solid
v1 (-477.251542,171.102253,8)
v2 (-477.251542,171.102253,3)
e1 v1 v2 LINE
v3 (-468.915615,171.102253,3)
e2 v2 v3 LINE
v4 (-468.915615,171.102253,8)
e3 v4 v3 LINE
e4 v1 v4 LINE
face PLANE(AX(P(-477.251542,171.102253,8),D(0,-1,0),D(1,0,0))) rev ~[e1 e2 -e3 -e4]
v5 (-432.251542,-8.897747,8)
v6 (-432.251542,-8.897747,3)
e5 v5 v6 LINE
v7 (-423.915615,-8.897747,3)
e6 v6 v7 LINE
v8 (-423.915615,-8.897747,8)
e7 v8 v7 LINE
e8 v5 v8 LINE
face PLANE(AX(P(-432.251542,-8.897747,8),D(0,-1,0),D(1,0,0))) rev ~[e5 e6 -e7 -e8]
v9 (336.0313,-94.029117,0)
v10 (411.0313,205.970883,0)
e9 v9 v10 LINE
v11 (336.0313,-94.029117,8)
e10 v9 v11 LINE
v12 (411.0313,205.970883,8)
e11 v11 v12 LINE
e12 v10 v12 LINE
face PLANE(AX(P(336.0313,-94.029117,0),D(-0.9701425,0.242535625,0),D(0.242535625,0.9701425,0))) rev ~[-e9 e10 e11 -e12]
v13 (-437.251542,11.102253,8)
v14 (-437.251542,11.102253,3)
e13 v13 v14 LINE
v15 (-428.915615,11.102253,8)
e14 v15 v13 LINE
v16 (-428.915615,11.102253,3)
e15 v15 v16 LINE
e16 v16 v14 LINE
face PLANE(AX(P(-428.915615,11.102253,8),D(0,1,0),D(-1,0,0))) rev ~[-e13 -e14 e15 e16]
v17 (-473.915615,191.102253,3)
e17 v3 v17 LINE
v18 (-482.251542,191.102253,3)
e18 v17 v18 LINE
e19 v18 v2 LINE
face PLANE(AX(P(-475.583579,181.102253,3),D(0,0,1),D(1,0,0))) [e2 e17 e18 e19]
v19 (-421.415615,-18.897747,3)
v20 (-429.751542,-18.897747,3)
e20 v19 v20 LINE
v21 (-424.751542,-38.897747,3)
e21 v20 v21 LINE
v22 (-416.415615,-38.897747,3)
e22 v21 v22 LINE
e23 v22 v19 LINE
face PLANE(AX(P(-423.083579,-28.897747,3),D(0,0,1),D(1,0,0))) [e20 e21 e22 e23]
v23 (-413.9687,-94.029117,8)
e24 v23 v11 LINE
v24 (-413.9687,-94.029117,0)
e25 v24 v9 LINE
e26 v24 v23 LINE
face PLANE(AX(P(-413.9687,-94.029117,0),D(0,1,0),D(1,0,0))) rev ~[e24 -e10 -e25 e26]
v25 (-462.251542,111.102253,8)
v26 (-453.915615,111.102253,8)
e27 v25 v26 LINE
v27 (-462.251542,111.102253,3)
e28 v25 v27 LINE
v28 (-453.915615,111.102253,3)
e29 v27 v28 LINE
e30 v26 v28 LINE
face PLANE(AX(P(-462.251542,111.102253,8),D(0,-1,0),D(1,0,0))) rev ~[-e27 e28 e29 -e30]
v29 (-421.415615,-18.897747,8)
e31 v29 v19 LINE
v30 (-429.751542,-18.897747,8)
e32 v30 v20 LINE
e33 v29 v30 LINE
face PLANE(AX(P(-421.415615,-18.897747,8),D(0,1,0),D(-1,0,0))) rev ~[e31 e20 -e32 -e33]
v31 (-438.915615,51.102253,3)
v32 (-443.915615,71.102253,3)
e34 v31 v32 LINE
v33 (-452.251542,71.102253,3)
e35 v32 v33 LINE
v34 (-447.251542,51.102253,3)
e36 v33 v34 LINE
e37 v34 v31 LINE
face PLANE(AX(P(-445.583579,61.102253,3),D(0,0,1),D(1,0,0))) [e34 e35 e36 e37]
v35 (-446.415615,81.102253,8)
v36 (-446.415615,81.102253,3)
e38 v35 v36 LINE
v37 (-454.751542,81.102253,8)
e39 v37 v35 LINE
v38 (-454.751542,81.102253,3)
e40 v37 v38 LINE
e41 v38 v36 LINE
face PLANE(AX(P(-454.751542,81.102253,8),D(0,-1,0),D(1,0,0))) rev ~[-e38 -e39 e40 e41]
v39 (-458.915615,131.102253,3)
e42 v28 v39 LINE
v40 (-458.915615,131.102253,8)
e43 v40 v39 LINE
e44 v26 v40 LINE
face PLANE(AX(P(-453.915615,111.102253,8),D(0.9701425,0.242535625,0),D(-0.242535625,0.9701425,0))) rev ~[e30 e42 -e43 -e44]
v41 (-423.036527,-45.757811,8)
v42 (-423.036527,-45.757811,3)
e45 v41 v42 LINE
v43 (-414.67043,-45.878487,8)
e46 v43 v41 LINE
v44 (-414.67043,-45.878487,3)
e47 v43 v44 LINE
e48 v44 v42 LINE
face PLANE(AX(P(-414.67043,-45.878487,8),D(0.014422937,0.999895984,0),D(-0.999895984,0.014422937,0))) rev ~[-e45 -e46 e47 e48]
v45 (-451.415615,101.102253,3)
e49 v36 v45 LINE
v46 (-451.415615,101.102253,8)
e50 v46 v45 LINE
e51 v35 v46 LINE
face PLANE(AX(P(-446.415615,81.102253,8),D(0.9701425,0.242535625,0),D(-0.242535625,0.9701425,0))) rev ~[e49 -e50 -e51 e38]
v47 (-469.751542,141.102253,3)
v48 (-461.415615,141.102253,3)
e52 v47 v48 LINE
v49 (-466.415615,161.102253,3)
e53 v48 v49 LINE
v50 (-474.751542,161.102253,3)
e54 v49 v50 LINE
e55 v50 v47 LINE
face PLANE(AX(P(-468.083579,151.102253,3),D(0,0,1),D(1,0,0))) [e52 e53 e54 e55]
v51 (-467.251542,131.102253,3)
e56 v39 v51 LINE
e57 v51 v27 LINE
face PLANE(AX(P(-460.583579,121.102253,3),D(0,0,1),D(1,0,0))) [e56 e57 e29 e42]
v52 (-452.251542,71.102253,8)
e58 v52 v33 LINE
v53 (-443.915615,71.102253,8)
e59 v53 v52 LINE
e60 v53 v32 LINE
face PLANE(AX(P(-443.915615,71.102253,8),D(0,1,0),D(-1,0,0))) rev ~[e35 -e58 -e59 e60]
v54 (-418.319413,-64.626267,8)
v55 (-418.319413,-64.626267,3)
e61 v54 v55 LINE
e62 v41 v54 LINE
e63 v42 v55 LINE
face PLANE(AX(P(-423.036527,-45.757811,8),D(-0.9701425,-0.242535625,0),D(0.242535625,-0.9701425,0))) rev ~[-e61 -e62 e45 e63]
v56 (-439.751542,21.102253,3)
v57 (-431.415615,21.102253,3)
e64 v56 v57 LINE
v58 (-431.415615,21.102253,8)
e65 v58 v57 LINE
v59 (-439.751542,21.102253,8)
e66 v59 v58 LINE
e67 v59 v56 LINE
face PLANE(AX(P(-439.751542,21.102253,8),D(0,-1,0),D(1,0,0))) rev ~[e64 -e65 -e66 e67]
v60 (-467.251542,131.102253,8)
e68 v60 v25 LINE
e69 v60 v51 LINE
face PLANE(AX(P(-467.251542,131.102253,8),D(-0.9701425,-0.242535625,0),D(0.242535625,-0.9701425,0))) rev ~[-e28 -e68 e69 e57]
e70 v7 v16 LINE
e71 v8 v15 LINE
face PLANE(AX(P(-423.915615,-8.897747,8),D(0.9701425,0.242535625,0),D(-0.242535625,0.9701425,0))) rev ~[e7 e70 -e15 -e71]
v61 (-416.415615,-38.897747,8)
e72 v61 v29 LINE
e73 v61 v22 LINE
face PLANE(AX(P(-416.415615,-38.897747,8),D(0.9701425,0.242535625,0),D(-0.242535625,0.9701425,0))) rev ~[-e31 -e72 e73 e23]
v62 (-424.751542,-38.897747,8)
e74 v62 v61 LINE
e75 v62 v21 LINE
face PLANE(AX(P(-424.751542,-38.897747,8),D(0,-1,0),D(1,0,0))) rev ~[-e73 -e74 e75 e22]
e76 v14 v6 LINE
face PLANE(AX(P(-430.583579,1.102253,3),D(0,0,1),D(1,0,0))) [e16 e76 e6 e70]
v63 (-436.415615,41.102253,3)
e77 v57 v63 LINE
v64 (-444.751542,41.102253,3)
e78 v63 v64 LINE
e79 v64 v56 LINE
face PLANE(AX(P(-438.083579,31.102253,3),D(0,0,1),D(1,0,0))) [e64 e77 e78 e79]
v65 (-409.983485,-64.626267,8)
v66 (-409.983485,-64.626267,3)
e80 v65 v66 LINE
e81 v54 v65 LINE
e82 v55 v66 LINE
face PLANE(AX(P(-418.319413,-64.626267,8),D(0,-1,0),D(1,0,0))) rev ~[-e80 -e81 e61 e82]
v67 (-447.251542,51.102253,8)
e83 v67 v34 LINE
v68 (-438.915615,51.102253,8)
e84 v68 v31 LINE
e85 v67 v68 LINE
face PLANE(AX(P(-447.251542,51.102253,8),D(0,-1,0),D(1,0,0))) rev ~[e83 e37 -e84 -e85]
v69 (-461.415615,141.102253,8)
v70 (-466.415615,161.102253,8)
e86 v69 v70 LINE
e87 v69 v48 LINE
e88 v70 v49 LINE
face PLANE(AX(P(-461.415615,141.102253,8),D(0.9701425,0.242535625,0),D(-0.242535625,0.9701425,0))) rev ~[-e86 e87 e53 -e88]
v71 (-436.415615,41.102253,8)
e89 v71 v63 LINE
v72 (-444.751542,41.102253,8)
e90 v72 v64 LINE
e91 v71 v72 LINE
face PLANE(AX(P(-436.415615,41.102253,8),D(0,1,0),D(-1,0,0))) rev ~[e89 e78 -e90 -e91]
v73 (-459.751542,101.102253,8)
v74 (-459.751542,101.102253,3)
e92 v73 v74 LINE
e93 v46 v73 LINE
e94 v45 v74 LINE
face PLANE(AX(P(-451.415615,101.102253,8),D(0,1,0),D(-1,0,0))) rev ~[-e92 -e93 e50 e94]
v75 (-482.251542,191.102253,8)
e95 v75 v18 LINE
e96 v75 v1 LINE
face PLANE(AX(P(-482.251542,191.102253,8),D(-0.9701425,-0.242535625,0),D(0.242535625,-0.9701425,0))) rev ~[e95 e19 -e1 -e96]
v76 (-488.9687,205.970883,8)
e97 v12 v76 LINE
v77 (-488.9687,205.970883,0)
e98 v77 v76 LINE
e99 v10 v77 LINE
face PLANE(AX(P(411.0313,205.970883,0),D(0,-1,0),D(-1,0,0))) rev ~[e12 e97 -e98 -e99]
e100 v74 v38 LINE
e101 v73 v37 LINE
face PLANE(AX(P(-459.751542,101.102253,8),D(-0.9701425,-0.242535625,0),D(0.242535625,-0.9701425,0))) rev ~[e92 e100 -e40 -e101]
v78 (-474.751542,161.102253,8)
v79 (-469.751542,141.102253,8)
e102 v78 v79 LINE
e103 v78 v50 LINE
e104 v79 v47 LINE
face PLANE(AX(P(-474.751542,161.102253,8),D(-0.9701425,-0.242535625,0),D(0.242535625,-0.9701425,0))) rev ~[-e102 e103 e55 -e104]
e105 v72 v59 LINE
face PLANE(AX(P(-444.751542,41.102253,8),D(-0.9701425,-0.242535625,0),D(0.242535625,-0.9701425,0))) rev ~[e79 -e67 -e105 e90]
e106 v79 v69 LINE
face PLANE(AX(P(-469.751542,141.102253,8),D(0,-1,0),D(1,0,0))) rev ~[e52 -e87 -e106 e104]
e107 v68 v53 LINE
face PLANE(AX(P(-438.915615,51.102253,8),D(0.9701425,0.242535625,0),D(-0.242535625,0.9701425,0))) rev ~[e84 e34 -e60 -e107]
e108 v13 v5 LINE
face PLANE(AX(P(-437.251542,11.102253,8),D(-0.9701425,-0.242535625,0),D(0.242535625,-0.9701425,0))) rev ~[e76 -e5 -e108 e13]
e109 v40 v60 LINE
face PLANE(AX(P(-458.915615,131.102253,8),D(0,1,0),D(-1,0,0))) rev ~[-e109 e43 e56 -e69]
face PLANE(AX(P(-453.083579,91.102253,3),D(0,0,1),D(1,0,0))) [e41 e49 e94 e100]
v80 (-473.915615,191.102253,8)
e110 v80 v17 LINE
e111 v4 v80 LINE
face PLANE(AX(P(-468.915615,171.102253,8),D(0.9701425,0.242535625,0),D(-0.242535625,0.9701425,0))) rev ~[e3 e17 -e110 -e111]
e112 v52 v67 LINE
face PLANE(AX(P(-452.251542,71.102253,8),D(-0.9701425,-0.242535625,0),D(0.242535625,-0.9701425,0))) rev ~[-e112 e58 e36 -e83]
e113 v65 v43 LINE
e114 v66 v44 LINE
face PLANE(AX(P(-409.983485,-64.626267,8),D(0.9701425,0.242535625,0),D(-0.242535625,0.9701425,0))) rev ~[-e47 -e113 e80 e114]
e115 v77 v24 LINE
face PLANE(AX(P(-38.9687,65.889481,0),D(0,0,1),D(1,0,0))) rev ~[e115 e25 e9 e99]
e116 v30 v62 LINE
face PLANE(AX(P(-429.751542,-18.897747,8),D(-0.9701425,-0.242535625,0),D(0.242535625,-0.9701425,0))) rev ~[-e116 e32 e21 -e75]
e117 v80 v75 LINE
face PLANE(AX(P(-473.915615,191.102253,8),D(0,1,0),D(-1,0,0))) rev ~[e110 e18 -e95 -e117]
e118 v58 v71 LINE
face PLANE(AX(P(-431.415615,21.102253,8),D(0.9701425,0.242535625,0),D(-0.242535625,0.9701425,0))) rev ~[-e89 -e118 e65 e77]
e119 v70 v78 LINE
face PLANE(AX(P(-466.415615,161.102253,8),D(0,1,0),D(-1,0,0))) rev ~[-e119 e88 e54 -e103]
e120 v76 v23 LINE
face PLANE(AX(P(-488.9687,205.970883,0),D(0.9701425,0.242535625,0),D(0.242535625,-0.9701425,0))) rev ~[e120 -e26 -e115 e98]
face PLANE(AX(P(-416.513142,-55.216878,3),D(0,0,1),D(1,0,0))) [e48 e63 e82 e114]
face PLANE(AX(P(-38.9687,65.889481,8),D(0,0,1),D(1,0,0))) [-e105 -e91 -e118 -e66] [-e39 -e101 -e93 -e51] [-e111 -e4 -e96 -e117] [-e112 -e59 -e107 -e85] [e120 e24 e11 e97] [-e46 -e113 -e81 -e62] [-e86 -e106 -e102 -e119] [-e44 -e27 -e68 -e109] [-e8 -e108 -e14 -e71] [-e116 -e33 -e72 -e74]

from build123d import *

# Parameters (mm, degrees)
F1_DEPTH = 8
F3_DEPTH = 5


with BuildPart() as f1:
    # F0 (on Top) → F1 (new body)
    with BuildSketch(Plane.XY):
        Polygon((-488.9687001705, 205.9708833694), (-413.9687001705, -94.0291166306), (336.0312998295, -94.0291166306), (411.0312998295, 205.9708833694), (-38.9687001705, 205.9708833694), align=None)
    extrude(amount=F1_DEPTH)

    # F2 (on face) → F3 (cut)
    with BuildSketch(Plane.XY.offset(8)):
        Polygon((-468.9156152208, 171.1022525627), (-473.9156152208, 191.1022525627), (-482.2515424688, 191.1022525627), (-477.2515424688, 171.1022525627), align=None)
        Polygon((-461.4156152208, 141.1022525627), (-466.4156152208, 161.1022525627), (-474.7515424688, 161.1022525627), (-469.7515424688, 141.1022525627), align=None)
        Polygon((-453.9156152208, 111.1022525627), (-458.9156152208, 131.1022525627), (-467.2515424688, 131.1022525627), (-462.2515424688, 111.1022525627), align=None)
        Polygon((-459.7515424688, 101.1022525627), (-454.7515424688, 81.1022525627), (-446.4156152208, 81.1022525627), (-451.4156152208, 101.1022525627), align=None)
        Polygon((-452.2515424688, 71.1022525627), (-447.2515424688, 51.1022525627), (-438.9156152208, 51.1022525627), (-443.9156152208, 71.1022525627), align=None)
        Polygon((-444.7515424688, 41.1022525627), (-439.7515424688, 21.1022525627), (-431.4156152208, 21.1022525627), (-436.4156152208, 41.1022525627), align=None)
        Polygon((-437.2515424688, 11.1022525627), (-432.2515424688, -8.8977474373), (-423.9156152208, -8.8977474373), (-428.9156152208, 11.1022525627), align=None)
        Polygon((-429.7515424688, -18.8977474373), (-424.7515424688, -38.8977474373), (-416.4156152208, -38.8977474373), (-421.4156152208, -18.8977474373), align=None)
        Polygon((-423.0365266679, -45.7578106412), (-418.3194126712, -64.6262666276), (-409.9834854232, -64.6262666276), (-414.6704303613, -45.8784868752), align=None)
    extrude(amount=-F3_DEPTH, mode=Mode.SUBTRACT)


solid = f1.part
